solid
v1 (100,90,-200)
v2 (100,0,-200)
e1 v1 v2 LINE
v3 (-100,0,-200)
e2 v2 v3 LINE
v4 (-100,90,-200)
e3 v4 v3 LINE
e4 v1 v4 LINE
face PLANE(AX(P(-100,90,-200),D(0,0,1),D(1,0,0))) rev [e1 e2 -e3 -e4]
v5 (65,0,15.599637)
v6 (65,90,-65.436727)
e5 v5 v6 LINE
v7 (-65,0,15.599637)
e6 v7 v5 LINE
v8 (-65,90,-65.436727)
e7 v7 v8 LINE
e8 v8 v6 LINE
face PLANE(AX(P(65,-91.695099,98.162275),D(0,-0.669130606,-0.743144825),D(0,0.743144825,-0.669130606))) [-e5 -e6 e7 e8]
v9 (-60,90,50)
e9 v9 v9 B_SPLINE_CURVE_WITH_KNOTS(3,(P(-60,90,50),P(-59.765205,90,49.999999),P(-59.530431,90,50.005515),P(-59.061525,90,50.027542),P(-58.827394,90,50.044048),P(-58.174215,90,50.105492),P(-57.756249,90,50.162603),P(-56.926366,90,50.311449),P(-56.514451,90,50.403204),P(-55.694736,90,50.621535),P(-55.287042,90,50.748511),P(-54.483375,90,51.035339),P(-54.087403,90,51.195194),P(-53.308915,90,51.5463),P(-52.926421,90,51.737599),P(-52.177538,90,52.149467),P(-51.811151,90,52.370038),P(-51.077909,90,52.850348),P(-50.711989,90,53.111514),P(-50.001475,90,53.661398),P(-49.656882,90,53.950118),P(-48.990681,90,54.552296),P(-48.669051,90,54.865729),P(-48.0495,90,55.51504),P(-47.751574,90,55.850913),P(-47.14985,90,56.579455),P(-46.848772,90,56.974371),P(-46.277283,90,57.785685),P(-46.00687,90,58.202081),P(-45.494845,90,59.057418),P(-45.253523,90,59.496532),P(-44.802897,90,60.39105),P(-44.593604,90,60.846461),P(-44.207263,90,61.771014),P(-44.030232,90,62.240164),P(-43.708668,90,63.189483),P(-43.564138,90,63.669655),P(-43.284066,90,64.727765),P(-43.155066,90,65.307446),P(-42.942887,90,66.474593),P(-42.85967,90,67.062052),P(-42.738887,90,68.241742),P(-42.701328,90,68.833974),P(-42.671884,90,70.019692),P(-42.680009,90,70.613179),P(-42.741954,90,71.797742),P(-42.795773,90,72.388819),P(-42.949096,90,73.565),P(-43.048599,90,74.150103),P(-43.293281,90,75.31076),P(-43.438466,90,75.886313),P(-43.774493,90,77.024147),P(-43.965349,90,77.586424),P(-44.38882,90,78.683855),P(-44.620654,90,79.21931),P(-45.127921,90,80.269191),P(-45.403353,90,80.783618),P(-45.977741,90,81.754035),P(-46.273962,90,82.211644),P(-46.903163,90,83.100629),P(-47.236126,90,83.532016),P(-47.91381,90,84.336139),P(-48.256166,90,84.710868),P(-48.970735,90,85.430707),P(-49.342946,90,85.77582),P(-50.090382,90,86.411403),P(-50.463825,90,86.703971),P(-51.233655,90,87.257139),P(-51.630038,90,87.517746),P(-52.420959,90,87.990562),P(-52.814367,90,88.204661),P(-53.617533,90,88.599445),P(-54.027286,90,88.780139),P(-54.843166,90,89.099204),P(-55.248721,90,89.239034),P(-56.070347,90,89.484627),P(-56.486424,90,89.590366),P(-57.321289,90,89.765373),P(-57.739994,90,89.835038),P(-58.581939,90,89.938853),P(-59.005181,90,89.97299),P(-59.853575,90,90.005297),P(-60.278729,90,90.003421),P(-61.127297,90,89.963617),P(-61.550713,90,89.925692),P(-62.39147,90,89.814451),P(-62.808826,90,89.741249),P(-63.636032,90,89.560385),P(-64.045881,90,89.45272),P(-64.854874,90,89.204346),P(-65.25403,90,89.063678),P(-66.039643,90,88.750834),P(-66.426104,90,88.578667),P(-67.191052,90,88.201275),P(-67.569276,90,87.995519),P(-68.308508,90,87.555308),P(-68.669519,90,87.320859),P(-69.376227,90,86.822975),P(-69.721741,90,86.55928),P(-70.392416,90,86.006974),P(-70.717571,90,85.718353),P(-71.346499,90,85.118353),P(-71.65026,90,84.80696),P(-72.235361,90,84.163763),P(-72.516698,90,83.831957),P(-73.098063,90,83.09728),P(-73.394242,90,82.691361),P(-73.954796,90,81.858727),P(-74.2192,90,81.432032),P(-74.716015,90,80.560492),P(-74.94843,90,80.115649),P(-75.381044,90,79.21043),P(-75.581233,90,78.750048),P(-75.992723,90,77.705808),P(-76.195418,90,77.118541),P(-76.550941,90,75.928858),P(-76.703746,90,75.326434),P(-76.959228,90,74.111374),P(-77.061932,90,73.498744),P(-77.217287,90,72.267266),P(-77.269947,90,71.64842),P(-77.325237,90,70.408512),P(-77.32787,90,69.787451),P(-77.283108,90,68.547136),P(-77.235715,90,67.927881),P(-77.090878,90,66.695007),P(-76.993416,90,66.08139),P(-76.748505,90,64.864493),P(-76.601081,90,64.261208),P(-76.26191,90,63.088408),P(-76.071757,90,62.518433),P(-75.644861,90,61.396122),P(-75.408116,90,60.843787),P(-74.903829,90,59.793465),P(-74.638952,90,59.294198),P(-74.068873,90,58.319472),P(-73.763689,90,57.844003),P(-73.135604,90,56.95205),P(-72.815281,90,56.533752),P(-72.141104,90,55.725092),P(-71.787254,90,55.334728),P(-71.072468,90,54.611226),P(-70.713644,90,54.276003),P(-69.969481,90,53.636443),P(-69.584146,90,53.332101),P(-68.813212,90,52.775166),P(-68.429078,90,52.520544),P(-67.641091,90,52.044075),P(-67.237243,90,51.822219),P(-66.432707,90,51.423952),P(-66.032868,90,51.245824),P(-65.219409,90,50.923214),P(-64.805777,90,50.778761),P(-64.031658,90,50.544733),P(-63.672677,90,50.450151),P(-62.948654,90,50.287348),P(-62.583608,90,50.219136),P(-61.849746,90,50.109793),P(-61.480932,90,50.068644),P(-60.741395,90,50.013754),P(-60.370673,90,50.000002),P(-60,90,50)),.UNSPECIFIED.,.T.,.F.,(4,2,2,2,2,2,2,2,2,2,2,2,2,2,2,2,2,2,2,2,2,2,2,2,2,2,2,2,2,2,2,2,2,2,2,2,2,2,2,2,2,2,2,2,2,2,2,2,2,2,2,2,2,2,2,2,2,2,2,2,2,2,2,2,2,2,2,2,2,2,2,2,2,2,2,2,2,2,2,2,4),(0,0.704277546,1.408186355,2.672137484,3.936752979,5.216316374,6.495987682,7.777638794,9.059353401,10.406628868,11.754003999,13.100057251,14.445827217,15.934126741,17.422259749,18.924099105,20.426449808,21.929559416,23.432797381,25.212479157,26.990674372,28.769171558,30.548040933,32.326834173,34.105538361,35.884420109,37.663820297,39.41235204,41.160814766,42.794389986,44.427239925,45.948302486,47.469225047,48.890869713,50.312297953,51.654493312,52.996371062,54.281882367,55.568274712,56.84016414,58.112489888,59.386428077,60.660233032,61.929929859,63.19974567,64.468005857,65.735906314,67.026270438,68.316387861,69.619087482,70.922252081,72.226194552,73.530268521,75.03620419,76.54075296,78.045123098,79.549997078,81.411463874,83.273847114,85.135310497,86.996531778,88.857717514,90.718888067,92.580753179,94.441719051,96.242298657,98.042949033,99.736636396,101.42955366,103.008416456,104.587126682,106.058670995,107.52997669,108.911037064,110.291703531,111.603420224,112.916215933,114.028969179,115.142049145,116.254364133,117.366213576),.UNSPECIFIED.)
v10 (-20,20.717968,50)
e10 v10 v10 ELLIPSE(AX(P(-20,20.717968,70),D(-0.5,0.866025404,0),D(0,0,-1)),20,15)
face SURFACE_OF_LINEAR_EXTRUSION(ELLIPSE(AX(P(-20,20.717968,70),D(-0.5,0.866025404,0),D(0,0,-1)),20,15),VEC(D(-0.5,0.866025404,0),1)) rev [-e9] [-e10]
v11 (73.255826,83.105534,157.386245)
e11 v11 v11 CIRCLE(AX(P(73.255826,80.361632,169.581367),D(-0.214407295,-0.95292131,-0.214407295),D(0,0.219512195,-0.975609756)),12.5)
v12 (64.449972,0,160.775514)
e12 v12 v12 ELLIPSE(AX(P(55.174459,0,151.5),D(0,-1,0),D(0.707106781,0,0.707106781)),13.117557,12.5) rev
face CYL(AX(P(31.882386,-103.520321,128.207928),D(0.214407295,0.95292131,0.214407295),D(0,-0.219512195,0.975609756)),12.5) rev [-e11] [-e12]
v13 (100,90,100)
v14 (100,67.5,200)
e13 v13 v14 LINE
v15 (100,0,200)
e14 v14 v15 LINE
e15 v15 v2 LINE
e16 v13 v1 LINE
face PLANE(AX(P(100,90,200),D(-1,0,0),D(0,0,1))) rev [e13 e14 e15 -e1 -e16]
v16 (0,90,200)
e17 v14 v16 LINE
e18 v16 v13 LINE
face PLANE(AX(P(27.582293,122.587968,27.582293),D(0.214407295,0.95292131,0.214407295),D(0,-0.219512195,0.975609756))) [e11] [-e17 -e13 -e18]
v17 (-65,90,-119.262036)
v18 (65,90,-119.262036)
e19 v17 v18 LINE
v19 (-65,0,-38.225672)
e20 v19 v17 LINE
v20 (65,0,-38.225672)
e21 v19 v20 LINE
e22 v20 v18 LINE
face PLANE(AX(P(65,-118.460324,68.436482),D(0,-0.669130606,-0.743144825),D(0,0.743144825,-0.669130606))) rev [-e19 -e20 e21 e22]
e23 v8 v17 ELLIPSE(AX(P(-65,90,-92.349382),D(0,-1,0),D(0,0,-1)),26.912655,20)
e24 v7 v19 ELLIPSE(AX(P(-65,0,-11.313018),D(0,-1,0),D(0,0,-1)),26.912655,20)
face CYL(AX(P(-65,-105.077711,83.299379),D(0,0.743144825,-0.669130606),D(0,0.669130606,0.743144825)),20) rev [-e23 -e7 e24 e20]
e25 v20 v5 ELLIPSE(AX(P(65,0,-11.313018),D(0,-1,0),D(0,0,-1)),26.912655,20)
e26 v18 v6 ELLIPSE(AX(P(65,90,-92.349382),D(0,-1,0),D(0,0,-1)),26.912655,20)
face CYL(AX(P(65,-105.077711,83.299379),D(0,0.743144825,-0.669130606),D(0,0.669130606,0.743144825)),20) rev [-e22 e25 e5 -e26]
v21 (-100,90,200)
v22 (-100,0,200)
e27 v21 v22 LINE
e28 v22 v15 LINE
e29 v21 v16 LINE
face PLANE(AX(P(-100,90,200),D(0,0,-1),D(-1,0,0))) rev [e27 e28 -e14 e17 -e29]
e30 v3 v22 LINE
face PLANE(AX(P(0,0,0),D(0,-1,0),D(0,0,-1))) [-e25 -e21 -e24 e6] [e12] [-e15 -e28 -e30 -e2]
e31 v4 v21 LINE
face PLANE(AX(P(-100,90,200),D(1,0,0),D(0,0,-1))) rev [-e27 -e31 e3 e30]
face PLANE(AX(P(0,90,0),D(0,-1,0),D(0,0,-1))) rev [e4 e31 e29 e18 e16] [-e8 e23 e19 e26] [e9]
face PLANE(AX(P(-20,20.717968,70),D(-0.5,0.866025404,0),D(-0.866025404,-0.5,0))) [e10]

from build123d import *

# Parameters (mm, degrees)
SKETCH1_W           = 200
SKETCH1_H           = 400
BOSS_EXTRUDE1_DEPTH = 90
CUT_EXTRUDE2_DEPTH  = 289.26854046
SKETCH4_3_R         = 12.5
CUT_EXTRUDE4_DEPTH  = 289.26854046
SKETCH10_RX         = 20
SKETCH10_RY         = 15
CUT_EXTRUDE5_DEPTH  = 100
CUT_EXTRUDE6_DEPTH  = 380.479144091


with BuildPart() as part:
    # Sketch1 → Boss-Extrude1 (new body)
    with BuildSketch(Plane(origin=(0, 0, 0), x_dir=(1, 0, 0), z_dir=(0, 1, 0))):
        Rectangle(SKETCH1_W, SKETCH1_H)
    extrude(amount=BOSS_EXTRUDE1_DEPTH)

    # Sketch4 → Cut-Extrude2 (cut, through all)
    with BuildSketch(Plane(origin=(27.582292849, 122.587968218, 27.582292849), x_dir=(-0.9767443431718839, 0.20917784862693525, 0.04706501594106042), z_dir=(-0.21440729484260865, -0.9529213104115941, -0.21440729484260865))):
        Polygon((28.239009565, -175.365853659), (-74.141926347, -77.804878049), (-74.141926347, -180.304878049), align=None)
    extrude(amount=-CUT_EXTRUDE2_DEPTH, mode=Mode.SUBTRACT)

    # Sketch4<3> → Cut-Extrude4 (cut, through all)
    with BuildSketch(Plane(origin=(27.582292849, 122.587968218, 27.582292849), x_dir=(-0.9767443431718839, 0.20917784862693525, 0.04706501594106042), z_dir=(-0.21440729484260865, -0.9529213104115941, -0.21440729484260865))):
        with Locations((-46.760990435, -147.804878049)):
            Circle(SKETCH4_3_R)
    extrude(amount=CUT_EXTRUDE4_DEPTH, mode=Mode.SUBTRACT)

    # Sketch10 → Cut-Extrude5 (cut)
    with BuildSketch(Plane(origin=(-63.97114317, 110.801270189, 0), x_dir=(0, 0, 1), z_dir=(-0.500000000000001, 0.866025403784438, 0))):
        with Locations(Location((70, -6.961524227), (0, 0, 180))):
            Ellipse(SKETCH10_RX, SKETCH10_RY)
    extrude(amount=-CUT_EXTRUDE5_DEPTH, mode=Mode.SUBTRACT)

    # Sketch11 → Cut-Extrude6 (cut, through all)
    with BuildSketch(Plane(origin=(0, 149.155970384, -134.300638965), x_dir=(-1, 0, 0), z_dir=(0, 0.7431448254773932, -0.6691306063588595))):
        with BuildLine():
            Line((-65, 11.592789477), (65, 11.592789477))
            ThreePointArc((65, 11.592789477), (85, -8.407210523), (65, -28.407210523))
            Line((65, -28.407210523), (-65, -28.407210523))
            ThreePointArc((-65, -28.407210523), (-85, -8.407210523), (-65, 11.592789477))
        make_face()
    extrude(amount=-CUT_EXTRUDE6_DEPTH, mode=Mode.SUBTRACT)


solid = part.part
